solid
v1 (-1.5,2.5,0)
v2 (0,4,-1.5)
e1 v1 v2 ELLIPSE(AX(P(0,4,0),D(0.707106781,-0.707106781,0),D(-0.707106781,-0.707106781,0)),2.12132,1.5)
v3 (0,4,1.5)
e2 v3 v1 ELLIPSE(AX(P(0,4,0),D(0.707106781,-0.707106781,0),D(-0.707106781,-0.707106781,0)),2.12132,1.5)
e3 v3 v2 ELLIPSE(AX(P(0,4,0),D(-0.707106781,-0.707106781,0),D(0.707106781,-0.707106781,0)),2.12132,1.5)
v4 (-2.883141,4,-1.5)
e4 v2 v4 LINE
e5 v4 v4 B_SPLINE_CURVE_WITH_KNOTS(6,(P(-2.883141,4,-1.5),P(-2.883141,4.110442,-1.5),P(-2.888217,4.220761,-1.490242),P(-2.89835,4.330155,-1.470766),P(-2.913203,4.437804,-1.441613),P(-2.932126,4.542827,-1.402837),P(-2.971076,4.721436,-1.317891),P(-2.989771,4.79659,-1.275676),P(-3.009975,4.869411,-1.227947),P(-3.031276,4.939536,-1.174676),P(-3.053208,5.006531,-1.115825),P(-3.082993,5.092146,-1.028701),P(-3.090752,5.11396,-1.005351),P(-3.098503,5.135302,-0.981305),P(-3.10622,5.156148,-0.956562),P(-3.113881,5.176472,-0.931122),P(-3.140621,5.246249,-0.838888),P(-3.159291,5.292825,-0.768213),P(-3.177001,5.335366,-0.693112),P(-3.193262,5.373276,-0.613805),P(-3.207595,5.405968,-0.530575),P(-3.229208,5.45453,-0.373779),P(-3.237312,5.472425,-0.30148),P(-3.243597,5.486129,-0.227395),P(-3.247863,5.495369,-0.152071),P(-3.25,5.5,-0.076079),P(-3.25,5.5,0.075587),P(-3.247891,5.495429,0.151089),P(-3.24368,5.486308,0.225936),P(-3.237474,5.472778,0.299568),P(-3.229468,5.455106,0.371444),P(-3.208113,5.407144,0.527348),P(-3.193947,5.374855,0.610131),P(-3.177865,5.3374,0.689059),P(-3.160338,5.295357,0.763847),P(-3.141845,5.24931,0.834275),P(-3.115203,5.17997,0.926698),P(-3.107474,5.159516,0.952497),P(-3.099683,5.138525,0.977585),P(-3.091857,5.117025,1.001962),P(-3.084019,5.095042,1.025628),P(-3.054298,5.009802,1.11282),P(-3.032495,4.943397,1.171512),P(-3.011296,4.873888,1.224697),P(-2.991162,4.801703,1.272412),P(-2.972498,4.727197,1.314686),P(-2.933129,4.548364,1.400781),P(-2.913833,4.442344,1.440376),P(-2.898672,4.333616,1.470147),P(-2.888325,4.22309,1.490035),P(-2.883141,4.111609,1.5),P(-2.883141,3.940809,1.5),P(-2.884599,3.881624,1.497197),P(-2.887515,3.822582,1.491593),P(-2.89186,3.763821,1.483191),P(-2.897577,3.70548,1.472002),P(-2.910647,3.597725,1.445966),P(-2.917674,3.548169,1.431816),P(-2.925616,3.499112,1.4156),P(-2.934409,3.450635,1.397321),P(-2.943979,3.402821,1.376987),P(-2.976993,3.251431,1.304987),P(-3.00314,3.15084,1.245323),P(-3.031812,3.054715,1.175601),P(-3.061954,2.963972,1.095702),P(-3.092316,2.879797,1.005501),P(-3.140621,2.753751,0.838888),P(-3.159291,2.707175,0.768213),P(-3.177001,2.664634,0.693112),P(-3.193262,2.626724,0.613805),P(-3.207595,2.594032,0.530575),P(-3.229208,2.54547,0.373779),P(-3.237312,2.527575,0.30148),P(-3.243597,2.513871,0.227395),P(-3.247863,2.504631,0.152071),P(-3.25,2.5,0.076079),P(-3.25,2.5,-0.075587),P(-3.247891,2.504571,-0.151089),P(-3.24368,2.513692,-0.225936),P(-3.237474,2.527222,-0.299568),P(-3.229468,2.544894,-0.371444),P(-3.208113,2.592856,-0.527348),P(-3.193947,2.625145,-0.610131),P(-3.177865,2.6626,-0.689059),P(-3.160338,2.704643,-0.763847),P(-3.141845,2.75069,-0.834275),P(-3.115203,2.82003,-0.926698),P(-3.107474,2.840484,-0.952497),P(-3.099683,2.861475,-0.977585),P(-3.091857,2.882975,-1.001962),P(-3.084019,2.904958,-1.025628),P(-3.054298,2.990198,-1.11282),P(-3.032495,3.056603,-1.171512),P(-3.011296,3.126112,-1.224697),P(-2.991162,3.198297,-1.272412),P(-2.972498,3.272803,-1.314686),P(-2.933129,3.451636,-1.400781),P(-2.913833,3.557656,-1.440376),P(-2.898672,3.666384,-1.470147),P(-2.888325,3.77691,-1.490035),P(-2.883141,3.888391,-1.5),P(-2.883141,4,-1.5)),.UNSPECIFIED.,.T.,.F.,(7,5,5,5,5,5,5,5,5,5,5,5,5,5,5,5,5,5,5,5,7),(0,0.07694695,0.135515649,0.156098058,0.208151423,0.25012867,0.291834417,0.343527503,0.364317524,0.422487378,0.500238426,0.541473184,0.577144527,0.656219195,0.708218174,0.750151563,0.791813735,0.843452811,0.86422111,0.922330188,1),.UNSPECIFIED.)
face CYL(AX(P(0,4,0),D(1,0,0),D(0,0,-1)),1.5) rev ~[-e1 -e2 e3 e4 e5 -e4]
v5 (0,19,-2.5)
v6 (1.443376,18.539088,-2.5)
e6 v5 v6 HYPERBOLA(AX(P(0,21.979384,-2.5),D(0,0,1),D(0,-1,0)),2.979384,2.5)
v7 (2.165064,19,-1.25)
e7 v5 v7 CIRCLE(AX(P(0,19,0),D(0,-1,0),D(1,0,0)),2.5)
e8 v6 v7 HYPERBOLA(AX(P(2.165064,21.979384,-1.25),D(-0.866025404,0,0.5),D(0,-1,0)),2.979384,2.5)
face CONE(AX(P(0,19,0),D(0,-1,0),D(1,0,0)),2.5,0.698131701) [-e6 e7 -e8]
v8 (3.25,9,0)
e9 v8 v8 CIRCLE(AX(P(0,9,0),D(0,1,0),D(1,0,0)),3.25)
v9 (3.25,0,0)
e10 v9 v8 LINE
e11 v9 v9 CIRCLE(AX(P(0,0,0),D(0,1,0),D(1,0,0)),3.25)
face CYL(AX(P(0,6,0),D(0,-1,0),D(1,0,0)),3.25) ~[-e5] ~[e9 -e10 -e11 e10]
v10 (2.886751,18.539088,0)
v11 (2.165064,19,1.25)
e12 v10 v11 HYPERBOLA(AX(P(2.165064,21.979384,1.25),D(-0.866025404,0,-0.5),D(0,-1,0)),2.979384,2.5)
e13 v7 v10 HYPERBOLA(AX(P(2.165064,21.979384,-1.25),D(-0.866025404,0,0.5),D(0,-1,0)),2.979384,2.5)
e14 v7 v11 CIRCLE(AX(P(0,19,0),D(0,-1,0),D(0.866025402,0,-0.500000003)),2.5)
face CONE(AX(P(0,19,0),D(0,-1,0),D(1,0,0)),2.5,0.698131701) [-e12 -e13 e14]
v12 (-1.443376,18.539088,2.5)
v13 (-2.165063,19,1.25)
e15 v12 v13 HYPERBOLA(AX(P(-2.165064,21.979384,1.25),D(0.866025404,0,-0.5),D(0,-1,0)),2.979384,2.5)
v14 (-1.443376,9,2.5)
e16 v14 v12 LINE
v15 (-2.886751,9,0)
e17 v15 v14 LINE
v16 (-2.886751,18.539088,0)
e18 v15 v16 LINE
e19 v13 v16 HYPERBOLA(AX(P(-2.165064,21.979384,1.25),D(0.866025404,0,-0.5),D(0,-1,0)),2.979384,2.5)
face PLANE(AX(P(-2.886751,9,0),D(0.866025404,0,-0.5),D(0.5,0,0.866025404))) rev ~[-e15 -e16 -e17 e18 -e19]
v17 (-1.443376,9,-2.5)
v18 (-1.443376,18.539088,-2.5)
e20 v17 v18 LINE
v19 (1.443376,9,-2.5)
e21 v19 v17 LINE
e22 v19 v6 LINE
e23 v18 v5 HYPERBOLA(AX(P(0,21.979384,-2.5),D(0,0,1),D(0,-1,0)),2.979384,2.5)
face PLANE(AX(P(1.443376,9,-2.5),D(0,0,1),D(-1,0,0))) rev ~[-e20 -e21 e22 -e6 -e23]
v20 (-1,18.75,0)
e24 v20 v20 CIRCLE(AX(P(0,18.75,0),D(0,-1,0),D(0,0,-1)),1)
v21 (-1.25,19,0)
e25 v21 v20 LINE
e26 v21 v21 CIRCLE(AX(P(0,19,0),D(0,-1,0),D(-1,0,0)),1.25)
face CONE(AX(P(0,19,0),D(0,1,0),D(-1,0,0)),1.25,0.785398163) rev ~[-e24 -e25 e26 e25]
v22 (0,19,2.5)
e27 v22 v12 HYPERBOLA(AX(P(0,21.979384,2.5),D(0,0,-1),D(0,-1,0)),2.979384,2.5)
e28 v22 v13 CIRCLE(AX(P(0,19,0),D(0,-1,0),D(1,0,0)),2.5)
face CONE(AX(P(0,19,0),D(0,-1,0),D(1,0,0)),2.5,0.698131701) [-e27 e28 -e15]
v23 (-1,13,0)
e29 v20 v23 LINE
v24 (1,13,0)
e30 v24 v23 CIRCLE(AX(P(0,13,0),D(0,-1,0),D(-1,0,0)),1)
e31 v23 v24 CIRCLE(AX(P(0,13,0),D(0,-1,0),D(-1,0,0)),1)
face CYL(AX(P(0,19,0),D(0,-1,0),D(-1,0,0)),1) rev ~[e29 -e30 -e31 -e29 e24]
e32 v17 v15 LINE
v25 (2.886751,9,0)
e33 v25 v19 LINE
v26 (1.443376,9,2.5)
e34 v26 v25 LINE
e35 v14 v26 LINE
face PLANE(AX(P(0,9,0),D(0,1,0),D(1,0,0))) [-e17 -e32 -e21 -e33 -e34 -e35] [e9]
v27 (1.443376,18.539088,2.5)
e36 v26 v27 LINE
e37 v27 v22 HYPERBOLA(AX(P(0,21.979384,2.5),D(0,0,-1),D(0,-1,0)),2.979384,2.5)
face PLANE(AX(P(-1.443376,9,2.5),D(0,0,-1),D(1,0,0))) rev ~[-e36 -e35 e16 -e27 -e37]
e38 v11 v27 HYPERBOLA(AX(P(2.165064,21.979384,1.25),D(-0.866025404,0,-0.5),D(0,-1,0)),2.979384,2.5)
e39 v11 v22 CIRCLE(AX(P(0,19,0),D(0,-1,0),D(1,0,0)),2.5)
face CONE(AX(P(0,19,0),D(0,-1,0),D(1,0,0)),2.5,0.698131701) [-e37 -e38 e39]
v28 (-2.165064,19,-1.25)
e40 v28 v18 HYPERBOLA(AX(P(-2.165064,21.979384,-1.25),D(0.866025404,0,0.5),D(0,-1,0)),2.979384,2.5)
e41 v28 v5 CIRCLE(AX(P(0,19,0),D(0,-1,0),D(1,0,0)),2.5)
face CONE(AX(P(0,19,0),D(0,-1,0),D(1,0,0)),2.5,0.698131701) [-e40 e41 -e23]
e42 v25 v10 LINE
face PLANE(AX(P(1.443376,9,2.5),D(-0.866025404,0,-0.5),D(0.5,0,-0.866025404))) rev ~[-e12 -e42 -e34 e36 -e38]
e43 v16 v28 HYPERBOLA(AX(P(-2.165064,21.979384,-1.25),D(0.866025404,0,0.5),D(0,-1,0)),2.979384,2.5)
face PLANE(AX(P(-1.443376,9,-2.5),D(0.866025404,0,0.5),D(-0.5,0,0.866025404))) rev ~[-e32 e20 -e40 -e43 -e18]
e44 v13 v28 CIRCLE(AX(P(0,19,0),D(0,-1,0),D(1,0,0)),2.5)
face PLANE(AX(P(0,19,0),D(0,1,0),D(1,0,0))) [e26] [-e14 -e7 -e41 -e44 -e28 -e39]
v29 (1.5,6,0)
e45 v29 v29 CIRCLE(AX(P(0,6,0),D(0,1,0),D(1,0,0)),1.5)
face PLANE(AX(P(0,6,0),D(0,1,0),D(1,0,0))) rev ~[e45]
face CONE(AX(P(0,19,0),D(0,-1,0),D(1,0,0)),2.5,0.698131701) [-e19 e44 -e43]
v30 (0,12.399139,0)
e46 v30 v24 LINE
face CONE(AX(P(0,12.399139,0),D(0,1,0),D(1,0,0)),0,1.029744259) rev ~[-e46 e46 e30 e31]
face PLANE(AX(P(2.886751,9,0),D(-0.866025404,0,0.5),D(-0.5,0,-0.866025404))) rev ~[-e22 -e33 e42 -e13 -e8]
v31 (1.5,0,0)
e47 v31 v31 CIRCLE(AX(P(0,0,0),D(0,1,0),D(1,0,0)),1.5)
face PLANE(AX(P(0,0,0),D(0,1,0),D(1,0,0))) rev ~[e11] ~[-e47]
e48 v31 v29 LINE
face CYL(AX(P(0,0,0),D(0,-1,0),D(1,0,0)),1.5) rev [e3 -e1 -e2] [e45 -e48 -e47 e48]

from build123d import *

# Parameters (mm, degrees)
SKETCH1_R                                         = 3.25
SKETCH1_R_2                                       = 1.5
BOSS_EXTRUDE1_DEPTH                               = 6
SKETCH2_R                                         = 3.25
BOSS_EXTRUDE2_DEPTH                               = 3
BOSS_EXTRUDE3_DEPTH                               = 10
SKETCH4_OUTSIDE_W                                 = 29.504
SKETCH4_OUTSIDE_H                                 = 29.504
SKETCH4_OUTSIDE_R                                 = 2.5
CUT_EXTRUDE1_DEPTH                                = 10
CUT_EXTRUDE1_TAPER                                = 40
CSK_FOR_M2_5_FLAT_HEAD_MACHINE_SCREW1_D           = 2
CSK_FOR_M2_5_FLAT_HEAD_MACHINE_SCREW1_DEPTH       = 6
CSK_FOR_M2_5_FLAT_HEAD_MACHINE_SCREW1_CSINK_D     = 2.5
CSK_FOR_M2_5_FLAT_HEAD_MACHINE_SCREW1_CSINK_ANGLE = 90
CSK_FOR_M2_5_FLAT_HEAD_MACHINE_SCREW1_TIP         = 0.600860619
SKETCH8_R                                         = 1.5
CUT_EXTRUDE2_DEPTH                                = 4.25


with BuildPart() as part:
    # Sketch1 → Boss-Extrude1 (new body)
    with BuildSketch(Plane(origin=(0, 0, 0), x_dir=(1, 0, 0), z_dir=(0, 1, 0))):
        Circle(SKETCH1_R)
        Circle(SKETCH1_R_2, mode=Mode.SUBTRACT)
    extrude(amount=BOSS_EXTRUDE1_DEPTH)

    # Sketch2 → Boss-Extrude2 (add)
    with BuildSketch(Plane(origin=(0, 6, 0), x_dir=(1, 0, 0), z_dir=(0, 1, 0))):
        Circle(SKETCH2_R)
    extrude(amount=BOSS_EXTRUDE2_DEPTH)

    # Sketch3 → Boss-Extrude3 (add)
    with BuildSketch(Plane(origin=(0, 9, 0), x_dir=(1, 0, 0), z_dir=(0, 1, 0))):
        Polygon((2.886751346, 0), (1.443375673, 2.5), (-1.443375673, 2.5), (-2.886751346, 0), (-1.443375673, -2.5), (1.443375673, -2.5), align=None)
    extrude(amount=BOSS_EXTRUDE3_DEPTH)

    # Sketch4 outside → Cut-Extrude1 (cut)
    with BuildSketch(Plane(origin=(0, 19, 0), x_dir=(1, 0, 0), z_dir=(0, 1, 0))):
        Rectangle(SKETCH4_OUTSIDE_W, SKETCH4_OUTSIDE_H)
        Circle(SKETCH4_OUTSIDE_R, mode=Mode.SUBTRACT)
    extrude(amount=-CUT_EXTRUDE1_DEPTH, taper=CUT_EXTRUDE1_TAPER, mode=Mode.SUBTRACT)

    # CSK for M2.5 Flat Head Machine Screw1
    with Locations(Plane(origin=(0, 19, 0), x_dir=(1, 0, 0), z_dir=(0, 1, 0))):
        with Locations((0, 0)):
            CounterSinkHole(CSK_FOR_M2_5_FLAT_HEAD_MACHINE_SCREW1_D / 2, CSK_FOR_M2_5_FLAT_HEAD_MACHINE_SCREW1_CSINK_D / 2, depth=CSK_FOR_M2_5_FLAT_HEAD_MACHINE_SCREW1_DEPTH, counter_sink_angle=CSK_FOR_M2_5_FLAT_HEAD_MACHINE_SCREW1_CSINK_ANGLE)
            with Locations((0, 0, -(CSK_FOR_M2_5_FLAT_HEAD_MACHINE_SCREW1_DEPTH + CSK_FOR_M2_5_FLAT_HEAD_MACHINE_SCREW1_TIP / 2))):  # 118° drill point
                Cone(0, CSK_FOR_M2_5_FLAT_HEAD_MACHINE_SCREW1_D / 2, CSK_FOR_M2_5_FLAT_HEAD_MACHINE_SCREW1_TIP, mode=Mode.SUBTRACT)

    # Sketch8 → Cut-Extrude2 (cut, through all)
    with BuildSketch(Plane(origin=(0, 0, 0), x_dir=(0, 0, -1), z_dir=(1, 0, 0))):
        with Locations((0, 4)):
            Circle(SKETCH8_R)
    extrude(amount=-CUT_EXTRUDE2_DEPTH, mode=Mode.SUBTRACT)


solid = part.part
